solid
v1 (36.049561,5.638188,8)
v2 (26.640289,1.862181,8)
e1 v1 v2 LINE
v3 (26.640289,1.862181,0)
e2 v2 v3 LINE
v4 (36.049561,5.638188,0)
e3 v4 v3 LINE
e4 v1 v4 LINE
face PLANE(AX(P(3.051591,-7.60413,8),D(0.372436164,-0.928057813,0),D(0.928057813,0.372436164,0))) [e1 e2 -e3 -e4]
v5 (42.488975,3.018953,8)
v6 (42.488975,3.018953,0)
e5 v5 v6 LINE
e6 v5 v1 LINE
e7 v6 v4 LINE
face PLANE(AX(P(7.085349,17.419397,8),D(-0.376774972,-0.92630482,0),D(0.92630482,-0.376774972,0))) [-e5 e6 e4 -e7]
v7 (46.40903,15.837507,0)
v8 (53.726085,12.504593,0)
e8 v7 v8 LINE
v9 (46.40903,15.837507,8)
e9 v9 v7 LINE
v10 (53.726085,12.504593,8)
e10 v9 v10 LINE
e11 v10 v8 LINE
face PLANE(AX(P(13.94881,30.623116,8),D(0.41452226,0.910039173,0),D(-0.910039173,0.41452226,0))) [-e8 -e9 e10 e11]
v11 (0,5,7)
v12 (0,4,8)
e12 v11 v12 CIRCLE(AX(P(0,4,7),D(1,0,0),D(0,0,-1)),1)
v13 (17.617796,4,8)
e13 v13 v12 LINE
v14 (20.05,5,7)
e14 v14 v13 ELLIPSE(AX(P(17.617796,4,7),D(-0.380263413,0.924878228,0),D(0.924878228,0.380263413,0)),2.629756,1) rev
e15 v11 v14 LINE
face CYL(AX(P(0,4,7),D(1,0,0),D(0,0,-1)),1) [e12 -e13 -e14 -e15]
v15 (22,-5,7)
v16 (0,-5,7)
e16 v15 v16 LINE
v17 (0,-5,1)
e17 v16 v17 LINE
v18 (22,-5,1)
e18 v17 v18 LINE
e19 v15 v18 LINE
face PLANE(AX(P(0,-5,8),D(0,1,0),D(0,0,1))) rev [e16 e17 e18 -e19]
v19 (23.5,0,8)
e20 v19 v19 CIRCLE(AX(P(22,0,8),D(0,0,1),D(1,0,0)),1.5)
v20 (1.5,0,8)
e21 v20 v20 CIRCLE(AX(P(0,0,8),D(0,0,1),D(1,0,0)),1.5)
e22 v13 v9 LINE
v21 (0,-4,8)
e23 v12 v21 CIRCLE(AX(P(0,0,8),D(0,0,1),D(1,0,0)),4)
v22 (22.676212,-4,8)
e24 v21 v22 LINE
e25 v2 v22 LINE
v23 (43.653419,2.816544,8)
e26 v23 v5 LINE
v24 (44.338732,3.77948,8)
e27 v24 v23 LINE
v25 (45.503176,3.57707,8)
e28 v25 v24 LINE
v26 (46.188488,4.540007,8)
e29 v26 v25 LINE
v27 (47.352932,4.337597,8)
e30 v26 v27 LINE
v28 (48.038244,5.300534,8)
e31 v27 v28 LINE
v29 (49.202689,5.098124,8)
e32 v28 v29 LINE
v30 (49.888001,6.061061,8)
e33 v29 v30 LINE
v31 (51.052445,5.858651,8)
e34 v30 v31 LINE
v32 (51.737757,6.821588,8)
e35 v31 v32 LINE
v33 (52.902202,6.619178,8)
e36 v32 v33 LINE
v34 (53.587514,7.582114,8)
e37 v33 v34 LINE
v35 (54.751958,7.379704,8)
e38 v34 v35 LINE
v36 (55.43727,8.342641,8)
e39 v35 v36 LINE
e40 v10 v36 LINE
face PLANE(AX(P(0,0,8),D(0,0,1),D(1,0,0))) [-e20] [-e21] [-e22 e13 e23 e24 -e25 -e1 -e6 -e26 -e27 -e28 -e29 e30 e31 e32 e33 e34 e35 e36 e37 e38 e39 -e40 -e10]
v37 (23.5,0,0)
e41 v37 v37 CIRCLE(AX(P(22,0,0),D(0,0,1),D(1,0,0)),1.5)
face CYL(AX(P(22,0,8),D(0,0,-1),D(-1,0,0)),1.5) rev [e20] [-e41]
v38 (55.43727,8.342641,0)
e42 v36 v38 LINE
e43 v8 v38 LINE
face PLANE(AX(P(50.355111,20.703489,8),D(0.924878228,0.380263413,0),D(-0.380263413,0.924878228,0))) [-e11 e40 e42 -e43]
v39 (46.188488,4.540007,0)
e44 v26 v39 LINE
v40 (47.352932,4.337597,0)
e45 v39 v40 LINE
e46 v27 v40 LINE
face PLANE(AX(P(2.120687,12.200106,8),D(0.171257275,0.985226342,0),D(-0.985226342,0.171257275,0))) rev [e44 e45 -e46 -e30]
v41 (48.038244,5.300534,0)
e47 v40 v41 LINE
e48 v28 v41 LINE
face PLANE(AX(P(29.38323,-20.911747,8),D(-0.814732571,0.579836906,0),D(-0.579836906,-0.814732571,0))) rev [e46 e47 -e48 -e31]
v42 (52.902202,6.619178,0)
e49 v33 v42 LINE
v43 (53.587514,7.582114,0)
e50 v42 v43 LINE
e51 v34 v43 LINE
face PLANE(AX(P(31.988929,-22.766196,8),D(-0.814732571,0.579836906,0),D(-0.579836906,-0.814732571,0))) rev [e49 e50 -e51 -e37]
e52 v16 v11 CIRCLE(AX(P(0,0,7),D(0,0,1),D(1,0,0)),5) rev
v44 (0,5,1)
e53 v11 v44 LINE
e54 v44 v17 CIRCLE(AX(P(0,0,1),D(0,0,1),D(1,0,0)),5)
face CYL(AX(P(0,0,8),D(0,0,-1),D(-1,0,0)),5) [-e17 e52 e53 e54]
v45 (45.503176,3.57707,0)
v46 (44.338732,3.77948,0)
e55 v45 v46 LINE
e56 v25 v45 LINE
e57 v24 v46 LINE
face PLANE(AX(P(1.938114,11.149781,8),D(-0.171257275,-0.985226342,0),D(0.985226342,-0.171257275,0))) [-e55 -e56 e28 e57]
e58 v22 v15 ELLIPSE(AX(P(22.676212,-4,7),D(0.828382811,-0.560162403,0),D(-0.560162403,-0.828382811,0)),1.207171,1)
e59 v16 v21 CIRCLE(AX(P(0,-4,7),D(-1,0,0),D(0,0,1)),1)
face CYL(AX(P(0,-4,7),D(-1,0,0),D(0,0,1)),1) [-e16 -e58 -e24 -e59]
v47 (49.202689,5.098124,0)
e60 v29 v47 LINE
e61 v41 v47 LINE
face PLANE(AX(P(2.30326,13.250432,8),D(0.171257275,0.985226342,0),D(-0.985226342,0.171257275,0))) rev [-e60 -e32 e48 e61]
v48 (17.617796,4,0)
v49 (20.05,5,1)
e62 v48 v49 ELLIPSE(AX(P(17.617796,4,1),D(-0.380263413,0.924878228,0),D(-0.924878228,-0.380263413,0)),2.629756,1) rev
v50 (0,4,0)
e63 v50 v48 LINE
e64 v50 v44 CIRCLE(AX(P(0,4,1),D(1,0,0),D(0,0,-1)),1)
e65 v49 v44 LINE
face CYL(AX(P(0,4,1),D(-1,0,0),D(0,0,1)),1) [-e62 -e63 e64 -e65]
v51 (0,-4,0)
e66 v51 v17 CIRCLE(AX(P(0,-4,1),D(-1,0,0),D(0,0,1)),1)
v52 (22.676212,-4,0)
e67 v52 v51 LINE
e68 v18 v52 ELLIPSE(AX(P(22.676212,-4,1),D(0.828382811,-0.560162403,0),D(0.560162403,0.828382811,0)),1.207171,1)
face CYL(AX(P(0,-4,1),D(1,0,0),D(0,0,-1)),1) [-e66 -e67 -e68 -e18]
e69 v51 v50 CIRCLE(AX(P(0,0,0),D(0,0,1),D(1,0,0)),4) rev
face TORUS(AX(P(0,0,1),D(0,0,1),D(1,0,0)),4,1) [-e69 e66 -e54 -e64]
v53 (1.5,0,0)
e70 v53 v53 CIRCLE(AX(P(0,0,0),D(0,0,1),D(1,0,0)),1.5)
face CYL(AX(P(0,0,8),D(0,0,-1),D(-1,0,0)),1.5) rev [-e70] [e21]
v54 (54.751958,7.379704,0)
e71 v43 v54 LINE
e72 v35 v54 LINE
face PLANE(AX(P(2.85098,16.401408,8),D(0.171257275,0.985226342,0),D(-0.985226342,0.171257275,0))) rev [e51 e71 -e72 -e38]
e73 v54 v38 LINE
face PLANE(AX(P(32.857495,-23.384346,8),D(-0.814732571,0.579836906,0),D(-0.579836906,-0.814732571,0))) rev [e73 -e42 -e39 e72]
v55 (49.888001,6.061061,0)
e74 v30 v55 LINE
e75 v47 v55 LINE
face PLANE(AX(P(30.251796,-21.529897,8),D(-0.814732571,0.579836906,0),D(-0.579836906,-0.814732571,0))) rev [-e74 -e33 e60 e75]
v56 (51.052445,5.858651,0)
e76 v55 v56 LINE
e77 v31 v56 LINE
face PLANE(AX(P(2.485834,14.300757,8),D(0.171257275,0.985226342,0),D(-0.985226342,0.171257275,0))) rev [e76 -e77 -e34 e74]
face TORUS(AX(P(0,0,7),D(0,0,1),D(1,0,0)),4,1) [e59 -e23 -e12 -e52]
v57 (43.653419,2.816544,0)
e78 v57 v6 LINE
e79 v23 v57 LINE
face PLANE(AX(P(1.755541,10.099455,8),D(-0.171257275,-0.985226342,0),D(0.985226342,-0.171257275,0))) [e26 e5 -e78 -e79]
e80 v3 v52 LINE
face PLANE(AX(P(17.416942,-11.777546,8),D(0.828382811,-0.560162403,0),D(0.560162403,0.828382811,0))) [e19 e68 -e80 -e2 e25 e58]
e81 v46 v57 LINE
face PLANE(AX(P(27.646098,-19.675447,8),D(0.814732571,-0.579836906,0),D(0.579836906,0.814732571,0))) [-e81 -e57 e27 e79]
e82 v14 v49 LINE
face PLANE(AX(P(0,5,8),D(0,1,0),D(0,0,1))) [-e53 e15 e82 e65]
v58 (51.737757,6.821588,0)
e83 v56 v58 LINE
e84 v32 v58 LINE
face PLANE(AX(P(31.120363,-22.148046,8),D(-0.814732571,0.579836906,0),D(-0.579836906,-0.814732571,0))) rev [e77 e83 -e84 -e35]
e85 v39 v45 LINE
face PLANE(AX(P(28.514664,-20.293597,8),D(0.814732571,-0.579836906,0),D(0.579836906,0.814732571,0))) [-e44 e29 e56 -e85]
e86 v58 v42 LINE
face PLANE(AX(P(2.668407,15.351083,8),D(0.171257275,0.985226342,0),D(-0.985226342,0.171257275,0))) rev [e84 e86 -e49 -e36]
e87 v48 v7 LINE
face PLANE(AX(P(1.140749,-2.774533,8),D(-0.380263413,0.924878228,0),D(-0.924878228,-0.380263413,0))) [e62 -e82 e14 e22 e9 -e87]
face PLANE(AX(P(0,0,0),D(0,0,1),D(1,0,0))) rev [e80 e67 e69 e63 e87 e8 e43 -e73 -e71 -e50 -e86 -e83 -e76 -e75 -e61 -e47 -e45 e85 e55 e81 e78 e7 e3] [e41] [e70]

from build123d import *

# Parameters (mm, degrees)
SKETCH1_R           = 1.5
BOSS_EXTRUDE1_DEPTH = 8
FILLET1_R           = 1


with BuildPart() as part:
    # Sketch1 → Boss-Extrude1 (new body)
    with BuildSketch(Plane.XY):
        with BuildLine():
            Line((20.05, 5), (0, 5))
            ThreePointArc((0, 5), (-5, 0), (0, -5))
            Line((0, -5), (22, -5))
            Line((22, -5), (26.640289064, 1.862180818))
            ThreePointArc((26.640289064, 1.862180818), (24.800812017, 4.141914056), (22, 5))
            Line((22, 5), (20.05, 5))
        make_face()
        Circle(SKETCH1_R, mode=Mode.SUBTRACT)
        with Locations((22, 0)):
            Circle(SKETCH1_R, mode=Mode.SUBTRACT)
        with BuildLine():
            Line((46.409029503, 15.837507263), (20.05, 5))
            Line((20.05, 5), (22, 5))
            ThreePointArc((22, 5), (24.800812017, 4.141914056), (26.640289064, 1.862180818))
            Line((26.640289064, 1.862180818), (36.049561342, 5.638188326))
            Line((36.049561342, 5.638188326), (42.488975113, 3.018953392))
            Line((42.488975113, 3.018953392), (43.653419291, 2.816543521))
            Line((43.653419291, 2.816543521), (44.338731569, 3.779480217))
            Line((44.338731569, 3.779480217), (45.503175747, 3.577070346))
            Line((45.503175747, 3.577070346), (46.188488025, 4.540007042))
            Line((46.188488025, 4.540007042), (47.352932204, 4.337597171))
            Line((47.352932204, 4.337597171), (48.038244482, 5.300533868))
            Line((48.038244482, 5.300533868), (49.20268866, 5.098123997))
            Line((49.20268866, 5.098123997), (49.888000938, 6.061060693))
            Line((49.888000938, 6.061060693), (51.052445116, 5.858650822))
            Line((51.052445116, 5.858650822), (51.737757394, 6.821587519))
            Line((51.737757394, 6.821587519), (52.902201573, 6.619177648))
            Line((52.902201573, 6.619177648), (53.587513851, 7.582114344))
            Line((53.587513851, 7.582114344), (54.751958029, 7.379704473))
            Line((54.751958029, 7.379704473), (55.437270307, 8.34264117))
            Line((55.437270307, 8.34264117), (53.72608495, 12.504593197))
            Line((53.72608495, 12.504593197), (46.409029503, 15.837507263))
        make_face()
    extrude(amount=BOSS_EXTRUDE1_DEPTH)

    # Fillet1
    fillet1_edges = [part.edges().sort_by_distance(p)[0] for p in [
        (11, -5, 8),
        (11, -5, 0),
        (-5, 0, 0),
        (10.025, 5, 0),
        (10.025, 5, 8),
        (-5, 0, 8),
    ]]
    fillet(fillet1_edges, radius=FILLET1_R)


solid = part.part
